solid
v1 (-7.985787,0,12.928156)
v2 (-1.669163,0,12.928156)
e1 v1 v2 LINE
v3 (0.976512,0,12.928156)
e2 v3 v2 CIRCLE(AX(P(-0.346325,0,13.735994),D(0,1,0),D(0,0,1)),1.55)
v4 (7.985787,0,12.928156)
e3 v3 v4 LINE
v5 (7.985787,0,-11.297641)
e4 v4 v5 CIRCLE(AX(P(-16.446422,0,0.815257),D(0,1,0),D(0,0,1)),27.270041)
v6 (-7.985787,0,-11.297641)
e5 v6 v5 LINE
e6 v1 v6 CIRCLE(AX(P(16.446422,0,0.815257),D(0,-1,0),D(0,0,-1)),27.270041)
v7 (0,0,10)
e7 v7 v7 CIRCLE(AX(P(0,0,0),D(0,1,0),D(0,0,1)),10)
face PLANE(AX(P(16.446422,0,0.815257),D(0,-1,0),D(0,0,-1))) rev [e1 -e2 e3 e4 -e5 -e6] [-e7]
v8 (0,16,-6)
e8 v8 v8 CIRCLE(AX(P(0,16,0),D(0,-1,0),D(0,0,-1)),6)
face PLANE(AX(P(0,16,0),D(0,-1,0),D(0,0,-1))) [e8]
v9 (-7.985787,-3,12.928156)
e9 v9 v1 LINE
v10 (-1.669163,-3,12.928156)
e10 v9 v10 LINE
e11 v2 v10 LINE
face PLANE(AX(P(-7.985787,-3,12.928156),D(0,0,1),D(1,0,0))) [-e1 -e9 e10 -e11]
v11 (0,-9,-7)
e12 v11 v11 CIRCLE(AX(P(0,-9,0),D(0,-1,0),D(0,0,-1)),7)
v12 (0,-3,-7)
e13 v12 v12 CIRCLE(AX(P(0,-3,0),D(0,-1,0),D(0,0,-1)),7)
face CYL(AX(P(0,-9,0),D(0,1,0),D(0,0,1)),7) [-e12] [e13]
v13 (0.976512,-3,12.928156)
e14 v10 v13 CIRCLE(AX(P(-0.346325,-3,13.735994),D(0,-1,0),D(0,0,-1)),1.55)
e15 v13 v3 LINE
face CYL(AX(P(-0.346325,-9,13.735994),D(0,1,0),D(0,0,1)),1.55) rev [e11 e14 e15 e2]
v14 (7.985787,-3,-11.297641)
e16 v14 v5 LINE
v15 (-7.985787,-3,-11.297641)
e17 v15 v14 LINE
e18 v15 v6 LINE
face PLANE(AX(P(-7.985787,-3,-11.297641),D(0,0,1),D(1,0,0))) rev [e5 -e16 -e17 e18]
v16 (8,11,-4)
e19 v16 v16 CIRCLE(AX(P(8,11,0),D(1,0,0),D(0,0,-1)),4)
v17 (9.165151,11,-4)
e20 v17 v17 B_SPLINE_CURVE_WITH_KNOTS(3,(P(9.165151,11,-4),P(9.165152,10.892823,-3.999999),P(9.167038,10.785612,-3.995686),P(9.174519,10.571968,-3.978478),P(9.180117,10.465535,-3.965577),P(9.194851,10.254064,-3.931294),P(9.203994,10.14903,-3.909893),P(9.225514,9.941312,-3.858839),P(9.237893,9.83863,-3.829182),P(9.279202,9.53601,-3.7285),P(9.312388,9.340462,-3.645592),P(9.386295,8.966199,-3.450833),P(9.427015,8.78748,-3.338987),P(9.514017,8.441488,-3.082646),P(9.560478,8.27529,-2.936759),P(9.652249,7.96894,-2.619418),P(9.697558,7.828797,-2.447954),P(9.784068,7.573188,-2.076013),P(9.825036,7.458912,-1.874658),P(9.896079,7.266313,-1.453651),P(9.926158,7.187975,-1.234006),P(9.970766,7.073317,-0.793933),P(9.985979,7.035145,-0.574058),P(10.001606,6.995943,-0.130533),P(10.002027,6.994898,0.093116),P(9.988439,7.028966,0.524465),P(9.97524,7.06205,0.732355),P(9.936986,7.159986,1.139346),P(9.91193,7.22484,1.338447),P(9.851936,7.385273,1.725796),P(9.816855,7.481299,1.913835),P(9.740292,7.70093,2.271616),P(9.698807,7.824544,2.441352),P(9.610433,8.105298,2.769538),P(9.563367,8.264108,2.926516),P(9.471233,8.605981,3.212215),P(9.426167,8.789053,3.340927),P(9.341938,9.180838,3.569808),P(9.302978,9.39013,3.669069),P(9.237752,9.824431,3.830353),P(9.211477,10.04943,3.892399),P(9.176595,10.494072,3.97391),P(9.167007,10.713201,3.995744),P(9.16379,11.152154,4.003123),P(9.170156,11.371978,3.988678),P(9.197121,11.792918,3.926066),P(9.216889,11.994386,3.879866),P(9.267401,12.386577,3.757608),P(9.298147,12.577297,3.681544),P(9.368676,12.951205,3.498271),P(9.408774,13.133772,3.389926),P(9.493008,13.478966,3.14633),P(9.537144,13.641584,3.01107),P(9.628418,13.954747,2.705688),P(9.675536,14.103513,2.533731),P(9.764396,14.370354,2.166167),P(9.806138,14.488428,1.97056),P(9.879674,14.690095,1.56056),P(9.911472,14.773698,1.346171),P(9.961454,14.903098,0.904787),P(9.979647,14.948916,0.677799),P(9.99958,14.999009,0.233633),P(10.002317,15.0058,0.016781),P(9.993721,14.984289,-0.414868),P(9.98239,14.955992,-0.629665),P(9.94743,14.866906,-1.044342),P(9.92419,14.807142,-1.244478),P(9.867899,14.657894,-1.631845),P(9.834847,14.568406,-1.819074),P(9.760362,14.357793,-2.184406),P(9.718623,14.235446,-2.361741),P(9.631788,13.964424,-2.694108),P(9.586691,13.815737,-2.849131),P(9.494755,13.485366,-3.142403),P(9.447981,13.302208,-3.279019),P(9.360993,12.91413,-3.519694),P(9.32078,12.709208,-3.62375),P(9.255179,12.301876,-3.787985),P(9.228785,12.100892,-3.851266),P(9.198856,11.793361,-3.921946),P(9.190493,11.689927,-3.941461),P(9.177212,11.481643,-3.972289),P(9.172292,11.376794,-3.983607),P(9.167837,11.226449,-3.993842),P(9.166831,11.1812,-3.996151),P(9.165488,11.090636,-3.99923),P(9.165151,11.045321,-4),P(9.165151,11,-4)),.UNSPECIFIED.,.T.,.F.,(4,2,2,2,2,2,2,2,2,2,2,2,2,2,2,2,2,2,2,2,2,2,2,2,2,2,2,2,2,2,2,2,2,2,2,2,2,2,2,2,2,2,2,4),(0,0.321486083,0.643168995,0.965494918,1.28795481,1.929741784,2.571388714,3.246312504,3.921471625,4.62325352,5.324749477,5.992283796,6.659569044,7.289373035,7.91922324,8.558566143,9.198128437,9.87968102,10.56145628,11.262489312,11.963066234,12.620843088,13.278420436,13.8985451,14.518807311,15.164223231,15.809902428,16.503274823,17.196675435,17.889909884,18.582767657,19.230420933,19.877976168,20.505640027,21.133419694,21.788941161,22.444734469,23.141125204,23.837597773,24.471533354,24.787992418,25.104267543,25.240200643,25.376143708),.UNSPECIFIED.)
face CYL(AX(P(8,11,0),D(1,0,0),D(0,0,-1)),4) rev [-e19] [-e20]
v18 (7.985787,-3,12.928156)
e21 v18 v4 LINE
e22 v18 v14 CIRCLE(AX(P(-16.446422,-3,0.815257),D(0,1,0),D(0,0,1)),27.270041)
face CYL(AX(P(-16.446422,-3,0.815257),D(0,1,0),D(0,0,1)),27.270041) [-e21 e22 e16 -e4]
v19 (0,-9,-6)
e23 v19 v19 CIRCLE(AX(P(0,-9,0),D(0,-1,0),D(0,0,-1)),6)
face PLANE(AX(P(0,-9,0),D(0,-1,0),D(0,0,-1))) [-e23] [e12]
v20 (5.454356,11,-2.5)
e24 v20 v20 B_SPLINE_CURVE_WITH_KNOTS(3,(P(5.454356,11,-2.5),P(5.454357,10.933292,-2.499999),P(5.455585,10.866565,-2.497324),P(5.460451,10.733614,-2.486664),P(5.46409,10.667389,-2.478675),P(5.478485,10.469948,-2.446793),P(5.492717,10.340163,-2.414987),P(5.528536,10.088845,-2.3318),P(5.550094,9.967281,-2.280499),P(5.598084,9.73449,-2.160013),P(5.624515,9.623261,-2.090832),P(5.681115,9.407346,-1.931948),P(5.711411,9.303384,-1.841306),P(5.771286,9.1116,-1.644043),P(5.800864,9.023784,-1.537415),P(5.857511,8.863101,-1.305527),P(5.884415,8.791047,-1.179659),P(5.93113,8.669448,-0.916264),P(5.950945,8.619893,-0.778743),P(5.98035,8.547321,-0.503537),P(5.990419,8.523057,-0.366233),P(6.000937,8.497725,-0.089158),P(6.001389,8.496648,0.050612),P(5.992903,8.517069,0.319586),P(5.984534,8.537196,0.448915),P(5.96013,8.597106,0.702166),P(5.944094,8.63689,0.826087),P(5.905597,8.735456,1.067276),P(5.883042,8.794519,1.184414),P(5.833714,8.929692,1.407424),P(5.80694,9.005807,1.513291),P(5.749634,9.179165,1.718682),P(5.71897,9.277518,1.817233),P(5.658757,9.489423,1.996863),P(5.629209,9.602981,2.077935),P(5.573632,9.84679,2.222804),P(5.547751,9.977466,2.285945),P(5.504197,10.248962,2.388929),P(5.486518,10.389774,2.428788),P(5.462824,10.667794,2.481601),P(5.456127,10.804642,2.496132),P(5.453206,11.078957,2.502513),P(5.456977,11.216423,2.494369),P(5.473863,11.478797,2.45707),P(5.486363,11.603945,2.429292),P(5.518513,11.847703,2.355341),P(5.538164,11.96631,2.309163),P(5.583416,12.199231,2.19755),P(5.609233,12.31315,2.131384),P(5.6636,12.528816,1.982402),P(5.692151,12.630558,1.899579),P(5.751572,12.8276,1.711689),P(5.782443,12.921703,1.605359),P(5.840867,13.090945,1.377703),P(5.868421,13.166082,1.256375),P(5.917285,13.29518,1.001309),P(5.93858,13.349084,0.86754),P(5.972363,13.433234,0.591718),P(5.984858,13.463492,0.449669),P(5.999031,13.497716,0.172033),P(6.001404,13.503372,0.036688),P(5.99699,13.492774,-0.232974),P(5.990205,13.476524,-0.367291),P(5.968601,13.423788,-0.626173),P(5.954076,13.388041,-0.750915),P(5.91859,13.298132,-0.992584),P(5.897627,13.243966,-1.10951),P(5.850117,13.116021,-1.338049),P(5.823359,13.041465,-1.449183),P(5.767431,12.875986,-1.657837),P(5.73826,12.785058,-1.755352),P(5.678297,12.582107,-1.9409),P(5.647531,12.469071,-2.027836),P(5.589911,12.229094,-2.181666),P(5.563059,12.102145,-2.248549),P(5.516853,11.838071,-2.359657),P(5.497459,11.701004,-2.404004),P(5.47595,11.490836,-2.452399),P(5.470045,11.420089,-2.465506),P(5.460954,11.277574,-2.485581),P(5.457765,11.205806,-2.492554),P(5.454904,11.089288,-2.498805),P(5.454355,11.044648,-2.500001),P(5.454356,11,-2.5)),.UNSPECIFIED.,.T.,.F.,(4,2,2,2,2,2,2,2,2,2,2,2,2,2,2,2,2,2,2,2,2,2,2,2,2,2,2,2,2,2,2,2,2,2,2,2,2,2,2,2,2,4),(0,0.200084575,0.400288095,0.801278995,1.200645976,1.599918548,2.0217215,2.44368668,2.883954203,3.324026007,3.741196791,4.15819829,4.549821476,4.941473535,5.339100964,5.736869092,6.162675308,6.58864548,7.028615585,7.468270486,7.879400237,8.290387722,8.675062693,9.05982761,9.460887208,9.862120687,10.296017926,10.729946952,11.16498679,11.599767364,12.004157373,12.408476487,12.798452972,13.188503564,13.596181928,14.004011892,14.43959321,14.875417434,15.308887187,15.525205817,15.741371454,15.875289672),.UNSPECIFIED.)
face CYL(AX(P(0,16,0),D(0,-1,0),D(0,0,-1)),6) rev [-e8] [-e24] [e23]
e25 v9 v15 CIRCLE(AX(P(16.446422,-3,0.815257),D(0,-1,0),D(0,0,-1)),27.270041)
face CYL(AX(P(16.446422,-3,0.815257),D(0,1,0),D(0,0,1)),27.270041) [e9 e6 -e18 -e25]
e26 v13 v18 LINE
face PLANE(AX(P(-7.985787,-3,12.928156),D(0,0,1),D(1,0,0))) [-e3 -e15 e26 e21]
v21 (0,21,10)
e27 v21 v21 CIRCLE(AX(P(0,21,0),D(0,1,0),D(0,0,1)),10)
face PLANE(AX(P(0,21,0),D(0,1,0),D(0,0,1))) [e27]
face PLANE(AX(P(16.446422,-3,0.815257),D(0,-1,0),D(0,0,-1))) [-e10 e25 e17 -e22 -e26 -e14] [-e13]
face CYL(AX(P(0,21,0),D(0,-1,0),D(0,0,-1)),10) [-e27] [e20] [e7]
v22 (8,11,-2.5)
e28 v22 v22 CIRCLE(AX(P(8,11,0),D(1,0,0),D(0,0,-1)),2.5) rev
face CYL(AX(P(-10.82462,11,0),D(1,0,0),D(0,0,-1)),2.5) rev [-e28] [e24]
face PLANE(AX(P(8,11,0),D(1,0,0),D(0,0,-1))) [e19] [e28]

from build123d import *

# Parameters (mm, degrees)
SKETCH1_R               = 10
BOSS_EXTRUDE1_DEPTH     = 21
BOSS_EXTRUDE2_DEPTH     = 3
SKETCH3_R               = 7
BOSS_EXTRUDE3_DEPTH     = 6
SKETCH4_R               = 6
CUT_EXTRUDE1_DEPTH      = 25
SKETCH5_R               = 4
CUT_EXTRUDE2_DEPTH      = 2
CUT_EXTRUDE3_REACH      = 34.276
CUT_EXTRUDE3_END_RADIUS = 6
SKETCH5_3_R             = 2.5
SKETCH6_R               = 1.55
CUT_EXTRUDE4_DEPTH      = 27.931170886


with BuildPart() as part:
    # Sketch1 → Boss-Extrude1 (new body)
    with BuildSketch(Plane(origin=(0, 0, 0), x_dir=(1, 0, 0), z_dir=(0, 1, 0))):
        with Locations(Location((0, 0, 0), (0, 0, 90))):
            Circle(SKETCH1_R)
    extrude(amount=BOSS_EXTRUDE1_DEPTH)

    # Sketch2 → Boss-Extrude2 (add)
    with BuildSketch(Plane.XZ):
        with BuildLine():
            Line((-7.985787442, 12.928156025), (7.985787442, 12.928156025))
            ThreePointArc((7.985787442, 12.928156025), (10.823619675, 0.815257434), (7.985787442, -11.297641157))
            Line((7.985787442, -11.297641157), (-7.985787442, -11.297641157))
            ThreePointArc((-7.985787442, -11.297641157), (-10.823619675, 0.815257434), (-7.985787442, 12.928156025))
        make_face()
    extrude(amount=BOSS_EXTRUDE2_DEPTH)

    # Sketch3 → Boss-Extrude3 (add)
    with BuildSketch(Plane.XZ.offset(3)):
        with Locations(Location((0, 0, 0), (0, 0, 270))):
            Circle(SKETCH3_R)
    extrude(amount=BOSS_EXTRUDE3_DEPTH)

    # Sketch4 → Cut-Extrude1 (cut)
    with BuildSketch(Plane.XZ.offset(9)):
        with Locations(Location((0, 0, 0), (0, 0, 270))):
            Circle(SKETCH4_R)
    extrude(amount=-CUT_EXTRUDE1_DEPTH, mode=Mode.SUBTRACT)

    # Sketch5 → Cut-Extrude2 (cut)
    with BuildSketch(Plane(origin=(10, 0, 0), x_dir=(0, 0, -1), z_dir=(1, 0, 0))):
        with Locations((0, 11)):
            Circle(SKETCH5_R)
    extrude(amount=-CUT_EXTRUDE2_DEPTH, mode=Mode.SUBTRACT)

    # Cut-Extrude3: up to this cylinder (the profile starts outside it)
    cut_extrude3_end = Plane(origin=(0, 11, 0), z_dir=(0, -1, 0)) * Cylinder(CUT_EXTRUDE3_END_RADIUS, 81.552, mode=Mode.PRIVATE)
    # Sketch5<3> → Cut-Extrude3 (cut, up to the surface)
    with BuildSketch(Plane(origin=(10, 0, 0), x_dir=(0, 0, -1), z_dir=(1, 0, 0)), mode=Mode.PRIVATE) as cut_extrude3_sk1:
        with Locations((0, 11)):
            Circle(SKETCH5_3_R)
    cut_extrude3_tool1 = extrude(cut_extrude3_sk1.sketch, amount=-CUT_EXTRUDE3_REACH, mode=Mode.PRIVATE) - cut_extrude3_end
    add(cut_extrude3_tool1.solids().sort_by_distance((10, 11, 0))[0], mode=Mode.SUBTRACT)

    # Sketch6 → Cut-Extrude4 (cut, through all)
    with BuildSketch(Plane(origin=(0, 0, 0), x_dir=(1, 0, 0), z_dir=(0, 1, 0))):
        with Locations((0.39625422, 13.700444465)):
            Circle(SKETCH6_R)
        with Locations((-0.346325383, -13.735993833)):
            Circle(SKETCH6_R)
    extrude(amount=-CUT_EXTRUDE4_DEPTH, mode=Mode.SUBTRACT)


solid = part.part
